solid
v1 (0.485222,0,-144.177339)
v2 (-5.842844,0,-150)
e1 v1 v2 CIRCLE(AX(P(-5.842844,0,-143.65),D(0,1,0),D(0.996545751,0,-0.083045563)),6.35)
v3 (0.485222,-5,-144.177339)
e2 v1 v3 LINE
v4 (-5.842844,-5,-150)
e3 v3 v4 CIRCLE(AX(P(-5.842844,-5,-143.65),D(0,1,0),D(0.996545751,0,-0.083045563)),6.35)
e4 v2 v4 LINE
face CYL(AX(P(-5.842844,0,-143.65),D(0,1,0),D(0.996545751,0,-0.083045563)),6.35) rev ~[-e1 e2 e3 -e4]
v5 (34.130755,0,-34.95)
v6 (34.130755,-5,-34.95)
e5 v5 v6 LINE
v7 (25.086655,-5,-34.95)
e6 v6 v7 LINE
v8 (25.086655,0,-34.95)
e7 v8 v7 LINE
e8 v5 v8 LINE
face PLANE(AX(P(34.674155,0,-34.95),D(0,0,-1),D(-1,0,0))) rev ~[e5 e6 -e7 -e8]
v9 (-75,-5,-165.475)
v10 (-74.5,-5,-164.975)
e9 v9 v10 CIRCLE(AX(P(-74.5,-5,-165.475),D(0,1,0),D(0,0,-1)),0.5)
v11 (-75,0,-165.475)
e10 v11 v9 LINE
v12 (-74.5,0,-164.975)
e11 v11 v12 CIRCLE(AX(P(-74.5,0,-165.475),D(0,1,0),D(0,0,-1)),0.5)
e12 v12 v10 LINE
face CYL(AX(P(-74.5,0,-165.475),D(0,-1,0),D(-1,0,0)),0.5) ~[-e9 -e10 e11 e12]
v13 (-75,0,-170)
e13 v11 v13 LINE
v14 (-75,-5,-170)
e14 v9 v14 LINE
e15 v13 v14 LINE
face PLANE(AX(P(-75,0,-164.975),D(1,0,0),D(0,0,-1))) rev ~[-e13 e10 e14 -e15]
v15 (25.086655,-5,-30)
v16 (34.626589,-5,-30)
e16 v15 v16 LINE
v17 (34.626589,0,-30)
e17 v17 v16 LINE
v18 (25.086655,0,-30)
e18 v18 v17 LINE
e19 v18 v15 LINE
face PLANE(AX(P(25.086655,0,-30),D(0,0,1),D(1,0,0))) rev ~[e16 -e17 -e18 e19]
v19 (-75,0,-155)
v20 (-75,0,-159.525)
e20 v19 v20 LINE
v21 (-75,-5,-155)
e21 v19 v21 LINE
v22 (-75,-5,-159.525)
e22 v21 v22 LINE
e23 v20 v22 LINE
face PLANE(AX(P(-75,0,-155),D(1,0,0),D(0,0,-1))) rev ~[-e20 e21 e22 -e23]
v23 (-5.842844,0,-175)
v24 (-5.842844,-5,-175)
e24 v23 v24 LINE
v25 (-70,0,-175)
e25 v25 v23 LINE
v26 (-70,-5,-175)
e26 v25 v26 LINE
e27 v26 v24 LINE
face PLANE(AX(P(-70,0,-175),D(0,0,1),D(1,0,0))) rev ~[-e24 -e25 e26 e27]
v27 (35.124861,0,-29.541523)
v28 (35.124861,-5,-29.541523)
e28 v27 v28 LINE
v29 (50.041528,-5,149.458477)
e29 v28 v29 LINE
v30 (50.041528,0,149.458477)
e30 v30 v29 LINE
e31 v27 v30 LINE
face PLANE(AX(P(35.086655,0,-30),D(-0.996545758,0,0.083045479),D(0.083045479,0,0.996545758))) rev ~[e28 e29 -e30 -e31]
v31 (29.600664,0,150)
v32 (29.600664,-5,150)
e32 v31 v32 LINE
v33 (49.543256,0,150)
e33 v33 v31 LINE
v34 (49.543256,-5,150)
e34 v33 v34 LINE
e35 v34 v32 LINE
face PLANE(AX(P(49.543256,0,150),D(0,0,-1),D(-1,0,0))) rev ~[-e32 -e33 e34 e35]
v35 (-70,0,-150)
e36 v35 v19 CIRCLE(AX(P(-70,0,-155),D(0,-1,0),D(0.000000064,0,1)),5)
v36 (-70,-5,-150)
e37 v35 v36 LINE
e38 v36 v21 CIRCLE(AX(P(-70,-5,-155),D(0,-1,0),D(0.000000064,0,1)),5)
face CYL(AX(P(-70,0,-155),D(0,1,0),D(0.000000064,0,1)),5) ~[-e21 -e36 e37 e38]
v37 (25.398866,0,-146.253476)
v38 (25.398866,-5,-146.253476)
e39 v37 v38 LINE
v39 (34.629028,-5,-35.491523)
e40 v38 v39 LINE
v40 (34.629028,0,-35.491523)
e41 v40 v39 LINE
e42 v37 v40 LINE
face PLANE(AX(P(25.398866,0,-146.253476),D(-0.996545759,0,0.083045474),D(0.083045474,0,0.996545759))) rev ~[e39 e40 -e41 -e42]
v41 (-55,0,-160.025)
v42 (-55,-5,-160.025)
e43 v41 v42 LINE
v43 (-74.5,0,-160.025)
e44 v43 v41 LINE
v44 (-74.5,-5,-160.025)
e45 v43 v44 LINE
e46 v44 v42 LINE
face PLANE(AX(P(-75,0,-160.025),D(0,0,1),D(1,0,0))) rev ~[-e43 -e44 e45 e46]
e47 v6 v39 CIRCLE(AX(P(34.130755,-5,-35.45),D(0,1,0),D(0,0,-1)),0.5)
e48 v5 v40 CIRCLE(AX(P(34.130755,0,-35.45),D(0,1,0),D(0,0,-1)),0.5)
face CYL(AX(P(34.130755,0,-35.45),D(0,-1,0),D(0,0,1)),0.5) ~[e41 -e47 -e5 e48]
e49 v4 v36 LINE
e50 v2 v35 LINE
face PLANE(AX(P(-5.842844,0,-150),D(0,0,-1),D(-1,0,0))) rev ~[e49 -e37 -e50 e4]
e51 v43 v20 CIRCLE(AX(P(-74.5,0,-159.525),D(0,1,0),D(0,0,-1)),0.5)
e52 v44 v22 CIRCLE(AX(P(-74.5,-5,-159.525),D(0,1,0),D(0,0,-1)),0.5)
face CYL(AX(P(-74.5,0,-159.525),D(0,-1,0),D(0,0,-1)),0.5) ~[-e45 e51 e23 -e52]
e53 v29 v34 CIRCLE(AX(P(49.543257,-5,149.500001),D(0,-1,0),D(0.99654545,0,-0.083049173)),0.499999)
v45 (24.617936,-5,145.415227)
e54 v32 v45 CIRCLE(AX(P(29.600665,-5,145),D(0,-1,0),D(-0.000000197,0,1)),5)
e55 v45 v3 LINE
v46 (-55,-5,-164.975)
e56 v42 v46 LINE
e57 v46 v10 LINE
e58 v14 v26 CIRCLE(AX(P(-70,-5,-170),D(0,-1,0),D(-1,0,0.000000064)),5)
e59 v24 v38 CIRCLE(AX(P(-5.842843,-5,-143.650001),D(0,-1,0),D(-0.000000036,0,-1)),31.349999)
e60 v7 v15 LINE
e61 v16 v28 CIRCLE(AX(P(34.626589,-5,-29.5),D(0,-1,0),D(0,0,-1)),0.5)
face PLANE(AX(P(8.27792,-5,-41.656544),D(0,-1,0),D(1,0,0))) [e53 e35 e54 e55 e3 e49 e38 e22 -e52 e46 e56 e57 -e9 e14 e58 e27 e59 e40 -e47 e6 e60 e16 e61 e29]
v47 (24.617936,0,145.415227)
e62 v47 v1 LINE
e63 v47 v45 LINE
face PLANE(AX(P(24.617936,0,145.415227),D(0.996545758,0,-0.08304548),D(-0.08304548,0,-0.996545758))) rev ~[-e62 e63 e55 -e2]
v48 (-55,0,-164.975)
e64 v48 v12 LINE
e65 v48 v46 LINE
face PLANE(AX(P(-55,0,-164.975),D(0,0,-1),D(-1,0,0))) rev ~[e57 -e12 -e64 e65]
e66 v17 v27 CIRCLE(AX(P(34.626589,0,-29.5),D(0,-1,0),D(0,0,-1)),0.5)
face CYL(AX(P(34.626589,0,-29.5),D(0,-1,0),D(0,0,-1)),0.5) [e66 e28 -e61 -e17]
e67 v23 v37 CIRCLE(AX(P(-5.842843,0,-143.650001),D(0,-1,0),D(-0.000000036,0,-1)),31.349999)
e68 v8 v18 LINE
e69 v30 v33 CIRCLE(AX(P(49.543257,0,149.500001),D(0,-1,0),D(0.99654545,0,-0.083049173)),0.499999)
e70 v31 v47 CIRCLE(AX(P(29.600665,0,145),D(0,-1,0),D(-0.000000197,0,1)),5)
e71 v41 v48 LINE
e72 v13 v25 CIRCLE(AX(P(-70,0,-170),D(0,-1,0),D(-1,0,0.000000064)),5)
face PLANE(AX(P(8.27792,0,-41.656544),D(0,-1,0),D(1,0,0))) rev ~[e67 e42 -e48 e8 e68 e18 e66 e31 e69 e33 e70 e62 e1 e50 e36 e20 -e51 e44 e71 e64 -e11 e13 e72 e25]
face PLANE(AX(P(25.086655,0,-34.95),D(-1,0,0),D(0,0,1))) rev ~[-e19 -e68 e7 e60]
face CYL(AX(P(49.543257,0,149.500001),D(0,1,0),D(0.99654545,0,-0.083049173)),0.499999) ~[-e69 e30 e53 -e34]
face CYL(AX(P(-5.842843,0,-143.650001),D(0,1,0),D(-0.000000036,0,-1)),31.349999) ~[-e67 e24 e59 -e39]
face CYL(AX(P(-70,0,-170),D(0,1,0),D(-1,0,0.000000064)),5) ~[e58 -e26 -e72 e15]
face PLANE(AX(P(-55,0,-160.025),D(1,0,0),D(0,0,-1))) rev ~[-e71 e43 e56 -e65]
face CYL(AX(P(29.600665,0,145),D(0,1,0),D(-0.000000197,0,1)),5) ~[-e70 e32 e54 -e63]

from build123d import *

# Parameters (mm, degrees)
F1_DEPTH = 5
F2_R     = 0.5
F3_R     = 0.5
F4_R     = 0.5


with BuildPart() as f1:
    # F0 (on Front) → F1 (new body)
    with BuildSketch(Plane.XZ):
        with BuildLine():
            ThreePointArc((29.600664, 150), (26.215117, 148.679411), (24.617936, 145.415227))
            Line((24.617936, 145.415227), (0.485222, -144.177339))
            ThreePointArc((0.485222, -144.177339), (-1.543199, -148.322853), (-5.842844, -150))
            Line((-5.842844, -150), (-70, -150))
            ThreePointArc((-70, -150), (-73.535534, -151.464466), (-75, -155))
            Line((-75, -155), (-75, -160.025))
            Line((-75, -160.025), (-55, -160.025))
            Line((-55, -160.025), (-55, -164.975))
            Line((-55, -164.975), (-75, -164.975))
            Line((-75, -164.975), (-75, -170))
            ThreePointArc((-75, -170), (-73.535534, -173.535534), (-70, -175))
            Line((-70, -175), (-5.842844, -175))
            ThreePointArc((-5.842844, -175), (15.384539, -166.71991), (25.398866, -146.253476))
            Line((25.398866, -146.253476), (34.674155, -34.95))
            Line((34.674155, -34.95), (25.086655, -34.95))
            Line((25.086655, -34.95), (25.086655, -30))
            Line((25.086655, -30), (35.086655, -30))
            Line((35.086655, -30), (50.041528, 149.458477))
            ThreePointArc((50.041528, 149.458477), (49.911197, 149.838555), (49.543256, 150))
            Line((49.543256, 150), (29.600664, 150))
        make_face()
    extrude(amount=F1_DEPTH)

    # F2
    f2_edges = [f1.edges().sort_by_distance(p)[0] for p in [
        (35.086655, -2.5, -30),
    ]]
    fillet(f2_edges, radius=F2_R)

    # F3
    f3_edges = [f1.edges().sort_by_distance(p)[0] for p in [
        (34.674155, -2.5, -34.95),
    ]]
    fillet(f3_edges, radius=F3_R)

    # F4
    f4_edges = [f1.edges().sort_by_distance(p)[0] for p in [
        (-75, -2.5, -164.975),
        (-75, -2.5, -160.025),
    ]]
    fillet(f4_edges, radius=F4_R)


solid = f1.part
